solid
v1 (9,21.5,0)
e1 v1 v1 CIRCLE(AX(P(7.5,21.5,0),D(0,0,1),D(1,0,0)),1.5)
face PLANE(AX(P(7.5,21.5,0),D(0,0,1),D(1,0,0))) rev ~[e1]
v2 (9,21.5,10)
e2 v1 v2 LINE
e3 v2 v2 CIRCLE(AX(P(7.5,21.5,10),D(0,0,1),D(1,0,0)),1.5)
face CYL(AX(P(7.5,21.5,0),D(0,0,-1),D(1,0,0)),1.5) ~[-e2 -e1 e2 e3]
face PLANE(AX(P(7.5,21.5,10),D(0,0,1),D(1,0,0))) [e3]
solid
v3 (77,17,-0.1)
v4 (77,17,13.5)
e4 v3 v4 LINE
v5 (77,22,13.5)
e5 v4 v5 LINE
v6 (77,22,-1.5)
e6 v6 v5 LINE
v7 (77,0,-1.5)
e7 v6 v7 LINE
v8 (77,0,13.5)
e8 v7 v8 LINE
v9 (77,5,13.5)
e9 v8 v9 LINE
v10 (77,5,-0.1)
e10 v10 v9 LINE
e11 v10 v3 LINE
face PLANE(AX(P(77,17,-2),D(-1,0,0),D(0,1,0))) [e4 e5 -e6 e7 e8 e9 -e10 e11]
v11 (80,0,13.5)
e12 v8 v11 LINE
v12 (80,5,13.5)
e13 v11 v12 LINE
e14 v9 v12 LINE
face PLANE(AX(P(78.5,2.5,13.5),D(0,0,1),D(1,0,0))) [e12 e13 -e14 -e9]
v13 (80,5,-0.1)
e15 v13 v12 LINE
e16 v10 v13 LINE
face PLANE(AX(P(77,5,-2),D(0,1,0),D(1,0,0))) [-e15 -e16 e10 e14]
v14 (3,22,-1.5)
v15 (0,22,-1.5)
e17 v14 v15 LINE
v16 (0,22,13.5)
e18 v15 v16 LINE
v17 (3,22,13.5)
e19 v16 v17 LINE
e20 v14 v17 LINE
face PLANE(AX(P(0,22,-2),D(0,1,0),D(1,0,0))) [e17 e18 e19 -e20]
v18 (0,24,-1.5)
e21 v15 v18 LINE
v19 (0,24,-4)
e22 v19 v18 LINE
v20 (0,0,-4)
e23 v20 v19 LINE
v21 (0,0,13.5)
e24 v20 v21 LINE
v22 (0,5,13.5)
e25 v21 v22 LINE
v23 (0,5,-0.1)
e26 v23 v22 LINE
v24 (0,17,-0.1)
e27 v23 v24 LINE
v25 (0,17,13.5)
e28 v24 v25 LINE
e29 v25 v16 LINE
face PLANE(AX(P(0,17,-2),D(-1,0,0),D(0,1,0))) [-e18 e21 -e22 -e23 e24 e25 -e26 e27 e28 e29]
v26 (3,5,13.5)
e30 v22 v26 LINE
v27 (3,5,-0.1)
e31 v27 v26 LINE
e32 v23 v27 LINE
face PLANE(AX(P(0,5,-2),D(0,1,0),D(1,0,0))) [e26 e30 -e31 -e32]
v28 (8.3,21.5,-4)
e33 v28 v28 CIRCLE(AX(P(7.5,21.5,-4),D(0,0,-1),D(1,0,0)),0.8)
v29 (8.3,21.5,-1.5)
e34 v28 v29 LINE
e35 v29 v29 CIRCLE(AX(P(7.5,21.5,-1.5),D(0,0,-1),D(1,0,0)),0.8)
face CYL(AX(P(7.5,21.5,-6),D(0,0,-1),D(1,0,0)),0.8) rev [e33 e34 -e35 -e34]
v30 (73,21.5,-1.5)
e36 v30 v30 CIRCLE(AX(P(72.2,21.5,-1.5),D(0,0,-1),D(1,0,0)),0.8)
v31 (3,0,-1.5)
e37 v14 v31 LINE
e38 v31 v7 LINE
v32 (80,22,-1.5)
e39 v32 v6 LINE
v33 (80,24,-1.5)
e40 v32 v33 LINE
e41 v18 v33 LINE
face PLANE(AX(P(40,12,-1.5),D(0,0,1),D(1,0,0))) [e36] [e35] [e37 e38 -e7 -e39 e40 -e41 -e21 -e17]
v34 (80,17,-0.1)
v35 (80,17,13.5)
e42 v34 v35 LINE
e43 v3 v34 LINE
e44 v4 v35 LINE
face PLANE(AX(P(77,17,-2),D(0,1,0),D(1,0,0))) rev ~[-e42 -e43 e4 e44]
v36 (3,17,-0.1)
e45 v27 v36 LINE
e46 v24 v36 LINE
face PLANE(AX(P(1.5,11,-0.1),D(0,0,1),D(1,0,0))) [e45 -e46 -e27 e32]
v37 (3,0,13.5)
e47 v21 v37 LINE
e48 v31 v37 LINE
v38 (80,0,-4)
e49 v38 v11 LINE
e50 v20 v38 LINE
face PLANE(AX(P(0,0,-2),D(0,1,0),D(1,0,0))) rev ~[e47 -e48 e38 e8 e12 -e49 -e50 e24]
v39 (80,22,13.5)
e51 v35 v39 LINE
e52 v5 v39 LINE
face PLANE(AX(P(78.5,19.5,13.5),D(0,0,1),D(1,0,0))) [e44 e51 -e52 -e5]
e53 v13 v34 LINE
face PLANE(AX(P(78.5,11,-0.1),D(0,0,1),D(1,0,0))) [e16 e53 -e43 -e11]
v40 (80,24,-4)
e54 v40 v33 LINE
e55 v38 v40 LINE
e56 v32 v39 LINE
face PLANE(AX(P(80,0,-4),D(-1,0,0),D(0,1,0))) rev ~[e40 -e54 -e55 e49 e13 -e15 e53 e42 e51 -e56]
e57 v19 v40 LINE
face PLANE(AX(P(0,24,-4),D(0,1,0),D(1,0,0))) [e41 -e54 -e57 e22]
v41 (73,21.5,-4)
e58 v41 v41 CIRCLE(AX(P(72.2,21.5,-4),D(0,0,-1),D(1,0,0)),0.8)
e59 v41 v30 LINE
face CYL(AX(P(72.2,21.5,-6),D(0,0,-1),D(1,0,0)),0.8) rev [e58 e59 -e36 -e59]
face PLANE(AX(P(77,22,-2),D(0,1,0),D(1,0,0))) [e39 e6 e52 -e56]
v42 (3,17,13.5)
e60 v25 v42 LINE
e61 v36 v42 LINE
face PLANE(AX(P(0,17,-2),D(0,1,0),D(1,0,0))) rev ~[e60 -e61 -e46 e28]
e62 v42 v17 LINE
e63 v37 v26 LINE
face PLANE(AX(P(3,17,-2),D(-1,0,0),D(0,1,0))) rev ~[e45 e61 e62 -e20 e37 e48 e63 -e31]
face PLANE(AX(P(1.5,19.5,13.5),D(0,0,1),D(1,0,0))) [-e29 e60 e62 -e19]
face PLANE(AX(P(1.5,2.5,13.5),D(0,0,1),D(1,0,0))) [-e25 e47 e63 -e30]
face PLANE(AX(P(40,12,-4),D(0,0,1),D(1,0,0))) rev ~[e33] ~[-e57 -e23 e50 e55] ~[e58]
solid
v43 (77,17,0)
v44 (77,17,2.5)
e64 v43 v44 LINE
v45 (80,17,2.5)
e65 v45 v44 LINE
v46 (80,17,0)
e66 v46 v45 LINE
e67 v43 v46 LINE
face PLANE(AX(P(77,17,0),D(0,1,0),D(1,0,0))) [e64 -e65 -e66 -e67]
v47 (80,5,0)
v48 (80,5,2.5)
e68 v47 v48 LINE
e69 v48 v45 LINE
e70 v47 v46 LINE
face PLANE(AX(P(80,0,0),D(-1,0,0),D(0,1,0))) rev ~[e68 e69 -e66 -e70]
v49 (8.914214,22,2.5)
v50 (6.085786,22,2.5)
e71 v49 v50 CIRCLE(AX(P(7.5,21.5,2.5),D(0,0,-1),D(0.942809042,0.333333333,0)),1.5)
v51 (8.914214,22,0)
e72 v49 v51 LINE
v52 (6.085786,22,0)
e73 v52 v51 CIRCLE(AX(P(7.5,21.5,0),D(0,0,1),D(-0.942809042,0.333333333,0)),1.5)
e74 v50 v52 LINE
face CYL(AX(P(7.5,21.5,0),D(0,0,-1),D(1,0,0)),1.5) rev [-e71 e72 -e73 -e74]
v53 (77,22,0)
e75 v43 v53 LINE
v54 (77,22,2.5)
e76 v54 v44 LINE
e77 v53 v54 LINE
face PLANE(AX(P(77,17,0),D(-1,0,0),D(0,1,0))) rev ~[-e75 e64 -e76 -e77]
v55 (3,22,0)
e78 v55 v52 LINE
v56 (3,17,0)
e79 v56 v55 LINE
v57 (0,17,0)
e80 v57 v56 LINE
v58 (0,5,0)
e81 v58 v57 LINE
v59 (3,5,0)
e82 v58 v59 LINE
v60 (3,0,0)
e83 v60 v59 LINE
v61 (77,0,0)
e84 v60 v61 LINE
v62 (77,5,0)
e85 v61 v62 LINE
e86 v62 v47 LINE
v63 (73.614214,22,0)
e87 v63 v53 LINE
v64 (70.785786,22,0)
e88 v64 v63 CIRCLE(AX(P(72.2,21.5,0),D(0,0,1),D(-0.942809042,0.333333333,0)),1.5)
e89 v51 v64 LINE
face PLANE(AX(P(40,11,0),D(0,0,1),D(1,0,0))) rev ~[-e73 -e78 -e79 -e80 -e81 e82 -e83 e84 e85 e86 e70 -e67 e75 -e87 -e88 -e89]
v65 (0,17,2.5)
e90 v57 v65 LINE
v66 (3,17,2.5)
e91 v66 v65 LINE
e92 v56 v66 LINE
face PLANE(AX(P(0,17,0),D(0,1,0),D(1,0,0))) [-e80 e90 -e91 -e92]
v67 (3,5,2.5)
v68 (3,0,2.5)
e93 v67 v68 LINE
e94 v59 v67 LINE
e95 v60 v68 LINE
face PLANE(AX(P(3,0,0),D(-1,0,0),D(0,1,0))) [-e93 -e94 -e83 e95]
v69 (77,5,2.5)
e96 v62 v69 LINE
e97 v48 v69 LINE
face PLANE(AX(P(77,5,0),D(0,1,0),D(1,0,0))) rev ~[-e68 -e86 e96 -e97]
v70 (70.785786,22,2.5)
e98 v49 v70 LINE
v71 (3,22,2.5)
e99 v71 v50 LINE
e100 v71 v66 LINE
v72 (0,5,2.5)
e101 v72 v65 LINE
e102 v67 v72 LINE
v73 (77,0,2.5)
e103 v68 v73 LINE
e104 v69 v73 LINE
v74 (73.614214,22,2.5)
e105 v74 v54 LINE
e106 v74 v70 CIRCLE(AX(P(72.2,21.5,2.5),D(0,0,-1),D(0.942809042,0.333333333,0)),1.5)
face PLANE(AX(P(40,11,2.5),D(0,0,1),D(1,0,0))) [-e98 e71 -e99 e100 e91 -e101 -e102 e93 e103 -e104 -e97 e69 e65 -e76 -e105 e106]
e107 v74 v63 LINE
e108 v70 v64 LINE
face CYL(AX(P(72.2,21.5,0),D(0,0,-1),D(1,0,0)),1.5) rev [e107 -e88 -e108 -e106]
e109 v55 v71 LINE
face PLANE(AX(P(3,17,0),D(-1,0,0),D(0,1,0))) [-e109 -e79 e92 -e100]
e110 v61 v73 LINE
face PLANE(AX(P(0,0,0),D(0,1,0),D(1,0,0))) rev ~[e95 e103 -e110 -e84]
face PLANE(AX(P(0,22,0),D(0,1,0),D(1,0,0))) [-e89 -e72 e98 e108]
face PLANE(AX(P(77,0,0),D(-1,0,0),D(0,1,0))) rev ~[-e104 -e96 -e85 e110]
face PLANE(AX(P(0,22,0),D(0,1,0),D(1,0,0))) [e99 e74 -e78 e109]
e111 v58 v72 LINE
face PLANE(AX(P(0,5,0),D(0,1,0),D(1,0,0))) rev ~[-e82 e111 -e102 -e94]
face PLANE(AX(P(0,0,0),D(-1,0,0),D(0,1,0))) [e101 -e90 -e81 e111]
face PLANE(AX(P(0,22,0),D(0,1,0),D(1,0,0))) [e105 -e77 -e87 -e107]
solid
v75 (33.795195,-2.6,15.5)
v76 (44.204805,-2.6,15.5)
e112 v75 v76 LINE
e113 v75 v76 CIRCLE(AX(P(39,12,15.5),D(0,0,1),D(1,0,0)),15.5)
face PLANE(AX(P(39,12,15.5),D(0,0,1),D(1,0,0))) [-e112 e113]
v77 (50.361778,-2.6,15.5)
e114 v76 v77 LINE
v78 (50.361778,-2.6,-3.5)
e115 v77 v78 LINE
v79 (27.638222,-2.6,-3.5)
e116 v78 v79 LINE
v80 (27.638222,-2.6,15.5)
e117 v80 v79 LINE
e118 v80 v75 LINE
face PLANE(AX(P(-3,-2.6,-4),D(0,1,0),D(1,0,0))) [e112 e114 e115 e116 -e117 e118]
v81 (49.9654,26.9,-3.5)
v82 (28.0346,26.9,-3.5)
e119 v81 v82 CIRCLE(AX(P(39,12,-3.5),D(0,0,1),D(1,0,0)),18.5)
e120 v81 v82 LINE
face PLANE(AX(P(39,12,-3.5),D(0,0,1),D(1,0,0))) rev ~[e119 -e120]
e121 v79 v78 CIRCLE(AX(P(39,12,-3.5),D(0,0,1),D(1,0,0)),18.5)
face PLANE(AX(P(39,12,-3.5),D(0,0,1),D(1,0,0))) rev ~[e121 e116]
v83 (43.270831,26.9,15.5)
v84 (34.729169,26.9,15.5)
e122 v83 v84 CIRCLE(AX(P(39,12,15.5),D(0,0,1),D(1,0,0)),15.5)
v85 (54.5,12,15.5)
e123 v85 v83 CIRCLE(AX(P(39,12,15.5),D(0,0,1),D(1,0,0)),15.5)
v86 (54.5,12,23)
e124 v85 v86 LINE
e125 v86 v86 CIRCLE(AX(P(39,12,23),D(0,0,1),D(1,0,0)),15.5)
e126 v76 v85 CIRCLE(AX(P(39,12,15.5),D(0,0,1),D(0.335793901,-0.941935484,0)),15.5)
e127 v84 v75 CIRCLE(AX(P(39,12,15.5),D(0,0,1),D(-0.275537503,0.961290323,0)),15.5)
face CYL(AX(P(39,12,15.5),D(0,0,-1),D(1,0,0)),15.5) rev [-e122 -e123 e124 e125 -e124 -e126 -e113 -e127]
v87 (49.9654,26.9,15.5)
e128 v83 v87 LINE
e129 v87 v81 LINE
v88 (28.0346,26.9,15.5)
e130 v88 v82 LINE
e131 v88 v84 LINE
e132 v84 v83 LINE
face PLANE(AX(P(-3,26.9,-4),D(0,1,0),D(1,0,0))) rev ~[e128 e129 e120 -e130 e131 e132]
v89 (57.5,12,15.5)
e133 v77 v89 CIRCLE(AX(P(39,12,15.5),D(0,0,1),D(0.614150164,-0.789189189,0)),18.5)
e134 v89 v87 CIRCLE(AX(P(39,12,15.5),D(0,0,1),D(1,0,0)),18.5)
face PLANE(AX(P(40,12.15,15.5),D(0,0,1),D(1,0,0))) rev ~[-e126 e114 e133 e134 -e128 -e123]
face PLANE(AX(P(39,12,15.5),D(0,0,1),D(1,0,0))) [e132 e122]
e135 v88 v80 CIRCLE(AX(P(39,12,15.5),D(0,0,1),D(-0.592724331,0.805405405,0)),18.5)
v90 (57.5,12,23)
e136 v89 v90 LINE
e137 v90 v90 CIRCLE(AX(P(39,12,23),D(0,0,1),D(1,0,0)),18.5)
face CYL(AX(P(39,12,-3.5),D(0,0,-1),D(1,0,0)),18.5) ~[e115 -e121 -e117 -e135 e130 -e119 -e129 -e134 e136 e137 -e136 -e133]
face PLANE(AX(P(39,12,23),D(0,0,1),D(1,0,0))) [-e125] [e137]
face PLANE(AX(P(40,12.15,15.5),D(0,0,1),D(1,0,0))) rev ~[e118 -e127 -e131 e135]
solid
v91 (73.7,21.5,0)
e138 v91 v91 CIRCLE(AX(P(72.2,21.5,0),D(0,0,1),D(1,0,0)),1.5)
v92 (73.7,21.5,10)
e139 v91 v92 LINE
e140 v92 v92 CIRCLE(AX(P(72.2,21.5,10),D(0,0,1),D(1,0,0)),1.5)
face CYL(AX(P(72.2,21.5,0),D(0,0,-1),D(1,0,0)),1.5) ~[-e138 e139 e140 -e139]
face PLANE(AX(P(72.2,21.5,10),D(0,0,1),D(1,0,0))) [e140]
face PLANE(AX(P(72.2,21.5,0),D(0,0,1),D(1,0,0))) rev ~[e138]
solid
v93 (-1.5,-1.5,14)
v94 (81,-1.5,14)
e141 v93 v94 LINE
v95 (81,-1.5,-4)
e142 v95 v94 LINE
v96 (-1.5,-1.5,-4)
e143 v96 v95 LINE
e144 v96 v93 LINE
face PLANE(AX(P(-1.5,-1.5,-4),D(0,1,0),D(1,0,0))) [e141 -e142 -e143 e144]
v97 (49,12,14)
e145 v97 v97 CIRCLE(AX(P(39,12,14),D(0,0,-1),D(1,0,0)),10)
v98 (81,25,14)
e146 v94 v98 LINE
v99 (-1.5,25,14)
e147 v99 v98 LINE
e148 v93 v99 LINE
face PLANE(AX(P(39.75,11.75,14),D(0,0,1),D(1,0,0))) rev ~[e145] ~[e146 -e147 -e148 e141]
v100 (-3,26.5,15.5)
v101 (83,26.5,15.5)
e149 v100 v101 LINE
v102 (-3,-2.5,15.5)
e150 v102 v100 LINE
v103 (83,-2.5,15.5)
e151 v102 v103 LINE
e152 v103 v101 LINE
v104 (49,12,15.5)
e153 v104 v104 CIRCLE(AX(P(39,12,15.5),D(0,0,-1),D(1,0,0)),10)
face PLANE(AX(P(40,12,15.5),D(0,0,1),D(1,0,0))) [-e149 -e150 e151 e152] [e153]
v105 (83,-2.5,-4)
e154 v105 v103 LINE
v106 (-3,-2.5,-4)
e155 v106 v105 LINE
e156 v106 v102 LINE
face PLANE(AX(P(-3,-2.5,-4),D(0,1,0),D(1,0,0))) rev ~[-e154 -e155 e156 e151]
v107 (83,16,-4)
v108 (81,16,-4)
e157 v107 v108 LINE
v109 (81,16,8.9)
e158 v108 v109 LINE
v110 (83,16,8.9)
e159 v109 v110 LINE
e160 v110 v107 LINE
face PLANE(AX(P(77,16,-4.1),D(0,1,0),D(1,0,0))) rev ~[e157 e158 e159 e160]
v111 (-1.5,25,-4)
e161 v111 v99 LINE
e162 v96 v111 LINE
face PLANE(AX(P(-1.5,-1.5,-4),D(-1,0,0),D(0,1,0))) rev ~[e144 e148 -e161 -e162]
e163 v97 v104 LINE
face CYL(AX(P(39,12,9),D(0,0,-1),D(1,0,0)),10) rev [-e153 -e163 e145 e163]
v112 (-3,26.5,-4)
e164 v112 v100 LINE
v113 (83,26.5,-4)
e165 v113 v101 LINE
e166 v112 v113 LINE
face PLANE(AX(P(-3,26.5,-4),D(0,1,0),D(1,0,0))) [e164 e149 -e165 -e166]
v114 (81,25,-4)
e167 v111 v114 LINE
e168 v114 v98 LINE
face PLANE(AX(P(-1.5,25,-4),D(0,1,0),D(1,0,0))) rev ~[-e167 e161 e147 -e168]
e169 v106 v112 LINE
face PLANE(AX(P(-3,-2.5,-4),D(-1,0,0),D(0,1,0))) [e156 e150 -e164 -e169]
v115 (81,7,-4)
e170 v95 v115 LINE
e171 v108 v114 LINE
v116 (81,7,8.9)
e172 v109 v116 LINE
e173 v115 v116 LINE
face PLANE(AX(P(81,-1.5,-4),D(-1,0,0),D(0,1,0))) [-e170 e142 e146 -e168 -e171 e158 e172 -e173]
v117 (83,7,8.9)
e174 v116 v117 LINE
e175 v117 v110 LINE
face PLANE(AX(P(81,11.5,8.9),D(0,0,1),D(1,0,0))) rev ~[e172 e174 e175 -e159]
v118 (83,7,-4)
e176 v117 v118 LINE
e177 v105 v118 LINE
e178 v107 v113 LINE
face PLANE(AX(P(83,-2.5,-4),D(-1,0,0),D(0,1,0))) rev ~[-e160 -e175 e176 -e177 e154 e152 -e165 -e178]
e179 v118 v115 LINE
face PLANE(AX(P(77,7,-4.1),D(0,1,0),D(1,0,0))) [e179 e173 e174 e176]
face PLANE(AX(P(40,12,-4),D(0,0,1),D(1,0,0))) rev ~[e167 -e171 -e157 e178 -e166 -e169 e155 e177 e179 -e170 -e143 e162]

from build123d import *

# Parameters (mm, degrees)
CYLINDER_R        = 1.5
CYLINDER_DEPTH    = 10
BOX004_W          = 3
BOX004_H          = 5
BOX004_DEPTH      = 10
BOX003_W          = 3
BOX003_H          = 5
BOX003_DEPTH      = 10
BOX002_W          = 3
BOX002_H          = 5
BOX002_DEPTH      = 10
BOX001_W          = 3
BOX001_H          = 5
BOX001_DEPTH      = 10
CYLINDER001_R     = 1.5
CYLINDER001_DEPTH = 10
BOX_W             = 80
BOX_H             = 22
BOX_DEPTH         = 2.5
CYLINDER002_R     = 1.5
CYLINDER002_DEPTH = 10
CYLINDER003_R     = 1.5
CYLINDER003_DEPTH = 10
CYLINDER007_R     = 10
CYLINDER007_DEPTH = 24
BOX016_W          = 82.5
BOX016_H          = 26.5
BOX016_DEPTH      = 18
BOX017_W          = 8
BOX017_H          = 9
BOX017_DEPTH      = 13
BOX015_W          = 86
BOX015_H          = 29
BOX015_DEPTH      = 19.5
BOX018_W          = 86
BOX018_H          = 29.5
BOX018_DEPTH      = 19.5
CYLINDER008_R     = 10
CYLINDER008_DEPTH = 24
CYLINDER004_R     = 10
CYLINDER004_DEPTH = 24
BOX013_W          = 82.5
BOX013_H          = 26.5
BOX013_DEPTH      = 18
BOX014_W          = 8
BOX014_H          = 9
BOX014_DEPTH      = 13
BOX012_W          = 86
BOX012_H          = 29
BOX012_DEPTH      = 19.5
CYLINDER005_R     = 15.5
CYLINDER005_DEPTH = 7.5
CYLINDER006_R     = 18.5
CYLINDER006_DEPTH = 26.5
CYLINDER009_R     = 0.8
CYLINDER009_DEPTH = 10
CYLINDER010_R     = 0.8
CYLINDER010_DEPTH = 10
BOX010_W          = 3
BOX010_H          = 12
BOX010_DEPTH      = 2
BOX008_W          = 3
BOX008_H          = 5
BOX008_DEPTH      = 15.5
BOX007_W          = 3
BOX007_H          = 5
BOX007_DEPTH      = 15.5
BOX006_W          = 3
BOX006_H          = 5
BOX006_DEPTH      = 15.5
BOX005_W          = 3
BOX005_H          = 5
BOX005_DEPTH      = 15.5
BOX011_W          = 3
BOX011_H          = 12
BOX011_DEPTH      = 2
BOX009_W          = 80
BOX009_H          = 24
BOX009_DEPTH      = 2.5


with BuildPart() as cylinder:
    # Cylinder → Cylinder (new body)
    with BuildSketch(Plane(origin=(7.5, 21.5, 0), x_dir=(1, 0, 0), z_dir=(0, 0, 1))):
        Circle(CYLINDER_R)
    extrude(amount=CYLINDER_DEPTH)


with BuildPart() as cube003:
    # Box004 → Box004 (new body)
    with BuildSketch(Plane(origin=(0, 17, 0), x_dir=(1, 0, 0), z_dir=(0, 0, 1))):
        with Locations((1.5, 2.5)):
            Rectangle(BOX004_W, BOX004_H)
    extrude(amount=BOX004_DEPTH)


with BuildPart() as cube002:
    # Box003 → Box003 (new body)
    with BuildSketch(Plane(origin=(77, 17, 0), x_dir=(1, 0, 0), z_dir=(0, 0, 1))):
        with Locations((1.5, 2.5)):
            Rectangle(BOX003_W, BOX003_H)
    extrude(amount=BOX003_DEPTH)


with BuildPart() as cube001:
    # Box002 → Box002 (new body)
    with BuildSketch(Plane(origin=(77, 0, 0), x_dir=(1, 0, 0), z_dir=(0, 0, 1))):
        with Locations((1.5, 2.5)):
            Rectangle(BOX002_W, BOX002_H)
    extrude(amount=BOX002_DEPTH)


with BuildPart() as cube:
    # Box001 → Box001 (new body)
    with BuildSketch(Plane.XY):
        with Locations((1.5, 2.5)):
            Rectangle(BOX001_W, BOX001_H)
    extrude(amount=BOX001_DEPTH)


with BuildPart() as fusion:
    # Cylinder001 → Cylinder001 (new body)
    with BuildSketch(Plane(origin=(72.2, 21.5, 0), x_dir=(1, 0, 0), z_dir=(0, 0, 1))):
        Circle(CYLINDER001_R)
    extrude(amount=CYLINDER001_DEPTH)

    # Fusion: union Cylinder, Cube003, Cube002, Cube001, Cube
    add(cylinder.part)
    add(cube003.part)
    add(cube002.part)
    add(cube001.part)
    add(cube.part)


with BuildPart() as simple_pci_board:
    # Box → Box (new body)
    with BuildSketch(Plane.XY):
        with Locations((40, 11)):
            Rectangle(BOX_W, BOX_H)
    extrude(amount=BOX_DEPTH)

    # Cut: cut Fusion
    add(fusion.part, mode=Mode.SUBTRACT)


with BuildPart() as cylinder002:
    # Cylinder002 → Cylinder002 (new body)
    with BuildSketch(Plane(origin=(72.2, 21.5, 0), x_dir=(1, 0, 0), z_dir=(0, 0, 1))):
        Circle(CYLINDER002_R)
    extrude(amount=CYLINDER002_DEPTH)


with BuildPart() as cylinder003:
    # Cylinder003 → Cylinder003 (new body)
    with BuildSketch(Plane(origin=(7.5, 21.5, 0), x_dir=(1, 0, 0), z_dir=(0, 0, 1))):
        Circle(CYLINDER003_R)
    extrude(amount=CYLINDER003_DEPTH)


with BuildPart() as cylinder007:
    # Cylinder007 → Cylinder007 (new body)
    with BuildSketch(Plane(origin=(39, 12, 9), x_dir=(1, 0, 0), z_dir=(0, 0, 1))):
        Circle(CYLINDER007_R)
    extrude(amount=CYLINDER007_DEPTH)


with BuildPart() as pre_pci_board005:
    # Box016 → Box016 (new body)
    with BuildSketch(Plane(origin=(-1.5, -1.5, -4), x_dir=(1, 0, 0), z_dir=(0, 0, 1))):
        with Locations((41.25, 13.25)):
            Rectangle(BOX016_W, BOX016_H)
    extrude(amount=BOX016_DEPTH)


with BuildPart() as fusion003:
    # Box017 → Box017 (new body)
    with BuildSketch(Plane(origin=(77, 7, -4.1), x_dir=(1, 0, 0), z_dir=(0, 0, 1))):
        with Locations((4, 4.5)):
            Rectangle(BOX017_W, BOX017_H)
    extrude(amount=BOX017_DEPTH)

    # Fusion003: union Cylinder007, pre-pci-board005
    add(cylinder007.part)
    add(pre_pci_board005.part)


with BuildPart() as cut003:
    # Box015 → Box015 (new body)
    with BuildSketch(Plane(origin=(-3, -2.5, -4), x_dir=(1, 0, 0), z_dir=(0, 0, 1))):
        with Locations((43, 14.5)):
            Rectangle(BOX015_W, BOX015_H)
    extrude(amount=BOX015_DEPTH)

    # Cut003: cut Fusion003
    add(fusion003.part, mode=Mode.SUBTRACT)


with BuildPart() as pre_pci_board006:
    # Box018 → Box018 (new body)
    with BuildSketch(Plane(origin=(-3, -2.6, -4), x_dir=(1, 0, 0), z_dir=(0, 0, 1))):
        with Locations((43, 14.75)):
            Rectangle(BOX018_W, BOX018_H)
    extrude(amount=BOX018_DEPTH)


with BuildPart() as fusion004:
    # Cylinder008 → Cylinder008 (new body)
    with BuildSketch(Plane(origin=(39, 12, 9), x_dir=(1, 0, 0), z_dir=(0, 0, 1))):
        Circle(CYLINDER008_R)
    extrude(amount=CYLINDER008_DEPTH)

    # Fusion004: union pre-pci-board006
    add(pre_pci_board006.part)


with BuildPart() as cylinder004:
    # Cylinder004 → Cylinder004 (new body)
    with BuildSketch(Plane(origin=(39, 12, 9), x_dir=(1, 0, 0), z_dir=(0, 0, 1))):
        Circle(CYLINDER004_R)
    extrude(amount=CYLINDER004_DEPTH)


with BuildPart() as pre_pci_board003:
    # Box013 → Box013 (new body)
    with BuildSketch(Plane(origin=(-1.5, -1.5, -4), x_dir=(1, 0, 0), z_dir=(0, 0, 1))):
        with Locations((41.25, 13.25)):
            Rectangle(BOX013_W, BOX013_H)
    extrude(amount=BOX013_DEPTH)


with BuildPart() as fusion002:
    # Box014 → Box014 (new body)
    with BuildSketch(Plane(origin=(77, 7, -4.1), x_dir=(1, 0, 0), z_dir=(0, 0, 1))):
        with Locations((4, 4.5)):
            Rectangle(BOX014_W, BOX014_H)
    extrude(amount=BOX014_DEPTH)

    # Fusion002: union Cylinder004, pre-pci-board003
    add(cylinder004.part)
    add(pre_pci_board003.part)


with BuildPart() as cut001:
    # Box012 → Box012 (new body)
    with BuildSketch(Plane(origin=(-3, -2.5, -4), x_dir=(1, 0, 0), z_dir=(0, 0, 1))):
        with Locations((43, 14.5)):
            Rectangle(BOX012_W, BOX012_H)
    extrude(amount=BOX012_DEPTH)

    # Cut001: cut Fusion002
    add(fusion002.part, mode=Mode.SUBTRACT)


with BuildPart() as cylinder005:
    # Cylinder005 → Cylinder005 (new body)
    with BuildSketch(Plane(origin=(39, 12, 15.5), x_dir=(1, 0, 0), z_dir=(0, 0, 1))):
        Circle(CYLINDER005_R)
    extrude(amount=CYLINDER005_DEPTH)


with BuildPart() as cut005:
    # Cylinder006 → Cylinder006 (new body)
    with BuildSketch(Plane(origin=(39, 12, -3.5), x_dir=(1, 0, 0), z_dir=(0, 0, 1))):
        Circle(CYLINDER006_R)
    extrude(amount=CYLINDER006_DEPTH)

    # Cut002: cut Cylinder005
    add(cylinder005.part, mode=Mode.SUBTRACT)

    # Cut004: cut Cut001
    add(cut001.part, mode=Mode.SUBTRACT)

    # Cut005: cut Fusion004
    add(fusion004.part, mode=Mode.SUBTRACT)


with BuildPart() as cylinder009:
    # Cylinder009 → Cylinder009 (new body)
    with BuildSketch(Plane(origin=(72.2, 21.5, 0), x_dir=(1, 0, 0), z_dir=(0, 0, 1))):
        Circle(CYLINDER009_R)
    extrude(amount=CYLINDER009_DEPTH)


with BuildPart() as fusion006:
    # Cylinder010 → Cylinder010 (new body)
    with BuildSketch(Plane(origin=(7.5, 21.5, 0), x_dir=(1, 0, 0), z_dir=(0, 0, 1))):
        Circle(CYLINDER010_R)
    extrude(amount=CYLINDER010_DEPTH)

    # Fusion006: union Cylinder009
    add(cylinder009.part)


with BuildPart() as fusion006_1:
    # Fusion006 placement: moved
    add(fusion006.part.moved(Location((0, 0, -6))))


with BuildPart() as cube008:
    # Box010 → Box010 (new body)
    with BuildSketch(Plane(origin=(0, 5, -2.1), x_dir=(1, 0, 0), z_dir=(0, 0, 1))):
        with Locations((1.5, 6)):
            Rectangle(BOX010_W, BOX010_H)
    extrude(amount=BOX010_DEPTH)


with BuildPart() as cube007:
    # Box008 → Box008 (new body)
    with BuildSketch(Plane.XY.offset(-2)):
        with Locations((1.5, 2.5)):
            Rectangle(BOX008_W, BOX008_H)
    extrude(amount=BOX008_DEPTH)


with BuildPart() as cube006:
    # Box007 → Box007 (new body)
    with BuildSketch(Plane(origin=(77, 0, -2), x_dir=(1, 0, 0), z_dir=(0, 0, 1))):
        with Locations((1.5, 2.5)):
            Rectangle(BOX007_W, BOX007_H)
    extrude(amount=BOX007_DEPTH)


with BuildPart() as cube005:
    # Box006 → Box006 (new body)
    with BuildSketch(Plane(origin=(77, 17, -2), x_dir=(1, 0, 0), z_dir=(0, 0, 1))):
        with Locations((1.5, 2.5)):
            Rectangle(BOX006_W, BOX006_H)
    extrude(amount=BOX006_DEPTH)


with BuildPart() as cube004:
    # Box005 → Box005 (new body)
    with BuildSketch(Plane(origin=(0, 17, -2), x_dir=(1, 0, 0), z_dir=(0, 0, 1))):
        with Locations((1.5, 2.5)):
            Rectangle(BOX005_W, BOX005_H)
    extrude(amount=BOX005_DEPTH)


with BuildPart() as fusion001:
    # Box011 → Box011 (new body)
    with BuildSketch(Plane(origin=(77, 5, -2.1), x_dir=(1, 0, 0), z_dir=(0, 0, 1))):
        with Locations((1.5, 6)):
            Rectangle(BOX011_W, BOX011_H)
    extrude(amount=BOX011_DEPTH)

    # Fusion001: union Cube008, Cube007, Cube006, Cube005, Cube004
    add(cube008.part)
    add(cube007.part)
    add(cube006.part)
    add(cube005.part)
    add(cube004.part)


with BuildPart() as cut006:
    # Box009 → Box009 (new body)
    with BuildSketch(Plane.XY.offset(-4)):
        with Locations((40, 12)):
            Rectangle(BOX009_W, BOX009_H)
    extrude(amount=BOX009_DEPTH)

    # Fusion005: union Fusion001
    add(fusion001.part)

    # Cut006: cut Fusion006
    add(fusion006_1.part, mode=Mode.SUBTRACT)


solid = Compound([simple_pci_board.part, cylinder002.part, cylinder003.part, cut003.part, cut005.part, cut006.part])
